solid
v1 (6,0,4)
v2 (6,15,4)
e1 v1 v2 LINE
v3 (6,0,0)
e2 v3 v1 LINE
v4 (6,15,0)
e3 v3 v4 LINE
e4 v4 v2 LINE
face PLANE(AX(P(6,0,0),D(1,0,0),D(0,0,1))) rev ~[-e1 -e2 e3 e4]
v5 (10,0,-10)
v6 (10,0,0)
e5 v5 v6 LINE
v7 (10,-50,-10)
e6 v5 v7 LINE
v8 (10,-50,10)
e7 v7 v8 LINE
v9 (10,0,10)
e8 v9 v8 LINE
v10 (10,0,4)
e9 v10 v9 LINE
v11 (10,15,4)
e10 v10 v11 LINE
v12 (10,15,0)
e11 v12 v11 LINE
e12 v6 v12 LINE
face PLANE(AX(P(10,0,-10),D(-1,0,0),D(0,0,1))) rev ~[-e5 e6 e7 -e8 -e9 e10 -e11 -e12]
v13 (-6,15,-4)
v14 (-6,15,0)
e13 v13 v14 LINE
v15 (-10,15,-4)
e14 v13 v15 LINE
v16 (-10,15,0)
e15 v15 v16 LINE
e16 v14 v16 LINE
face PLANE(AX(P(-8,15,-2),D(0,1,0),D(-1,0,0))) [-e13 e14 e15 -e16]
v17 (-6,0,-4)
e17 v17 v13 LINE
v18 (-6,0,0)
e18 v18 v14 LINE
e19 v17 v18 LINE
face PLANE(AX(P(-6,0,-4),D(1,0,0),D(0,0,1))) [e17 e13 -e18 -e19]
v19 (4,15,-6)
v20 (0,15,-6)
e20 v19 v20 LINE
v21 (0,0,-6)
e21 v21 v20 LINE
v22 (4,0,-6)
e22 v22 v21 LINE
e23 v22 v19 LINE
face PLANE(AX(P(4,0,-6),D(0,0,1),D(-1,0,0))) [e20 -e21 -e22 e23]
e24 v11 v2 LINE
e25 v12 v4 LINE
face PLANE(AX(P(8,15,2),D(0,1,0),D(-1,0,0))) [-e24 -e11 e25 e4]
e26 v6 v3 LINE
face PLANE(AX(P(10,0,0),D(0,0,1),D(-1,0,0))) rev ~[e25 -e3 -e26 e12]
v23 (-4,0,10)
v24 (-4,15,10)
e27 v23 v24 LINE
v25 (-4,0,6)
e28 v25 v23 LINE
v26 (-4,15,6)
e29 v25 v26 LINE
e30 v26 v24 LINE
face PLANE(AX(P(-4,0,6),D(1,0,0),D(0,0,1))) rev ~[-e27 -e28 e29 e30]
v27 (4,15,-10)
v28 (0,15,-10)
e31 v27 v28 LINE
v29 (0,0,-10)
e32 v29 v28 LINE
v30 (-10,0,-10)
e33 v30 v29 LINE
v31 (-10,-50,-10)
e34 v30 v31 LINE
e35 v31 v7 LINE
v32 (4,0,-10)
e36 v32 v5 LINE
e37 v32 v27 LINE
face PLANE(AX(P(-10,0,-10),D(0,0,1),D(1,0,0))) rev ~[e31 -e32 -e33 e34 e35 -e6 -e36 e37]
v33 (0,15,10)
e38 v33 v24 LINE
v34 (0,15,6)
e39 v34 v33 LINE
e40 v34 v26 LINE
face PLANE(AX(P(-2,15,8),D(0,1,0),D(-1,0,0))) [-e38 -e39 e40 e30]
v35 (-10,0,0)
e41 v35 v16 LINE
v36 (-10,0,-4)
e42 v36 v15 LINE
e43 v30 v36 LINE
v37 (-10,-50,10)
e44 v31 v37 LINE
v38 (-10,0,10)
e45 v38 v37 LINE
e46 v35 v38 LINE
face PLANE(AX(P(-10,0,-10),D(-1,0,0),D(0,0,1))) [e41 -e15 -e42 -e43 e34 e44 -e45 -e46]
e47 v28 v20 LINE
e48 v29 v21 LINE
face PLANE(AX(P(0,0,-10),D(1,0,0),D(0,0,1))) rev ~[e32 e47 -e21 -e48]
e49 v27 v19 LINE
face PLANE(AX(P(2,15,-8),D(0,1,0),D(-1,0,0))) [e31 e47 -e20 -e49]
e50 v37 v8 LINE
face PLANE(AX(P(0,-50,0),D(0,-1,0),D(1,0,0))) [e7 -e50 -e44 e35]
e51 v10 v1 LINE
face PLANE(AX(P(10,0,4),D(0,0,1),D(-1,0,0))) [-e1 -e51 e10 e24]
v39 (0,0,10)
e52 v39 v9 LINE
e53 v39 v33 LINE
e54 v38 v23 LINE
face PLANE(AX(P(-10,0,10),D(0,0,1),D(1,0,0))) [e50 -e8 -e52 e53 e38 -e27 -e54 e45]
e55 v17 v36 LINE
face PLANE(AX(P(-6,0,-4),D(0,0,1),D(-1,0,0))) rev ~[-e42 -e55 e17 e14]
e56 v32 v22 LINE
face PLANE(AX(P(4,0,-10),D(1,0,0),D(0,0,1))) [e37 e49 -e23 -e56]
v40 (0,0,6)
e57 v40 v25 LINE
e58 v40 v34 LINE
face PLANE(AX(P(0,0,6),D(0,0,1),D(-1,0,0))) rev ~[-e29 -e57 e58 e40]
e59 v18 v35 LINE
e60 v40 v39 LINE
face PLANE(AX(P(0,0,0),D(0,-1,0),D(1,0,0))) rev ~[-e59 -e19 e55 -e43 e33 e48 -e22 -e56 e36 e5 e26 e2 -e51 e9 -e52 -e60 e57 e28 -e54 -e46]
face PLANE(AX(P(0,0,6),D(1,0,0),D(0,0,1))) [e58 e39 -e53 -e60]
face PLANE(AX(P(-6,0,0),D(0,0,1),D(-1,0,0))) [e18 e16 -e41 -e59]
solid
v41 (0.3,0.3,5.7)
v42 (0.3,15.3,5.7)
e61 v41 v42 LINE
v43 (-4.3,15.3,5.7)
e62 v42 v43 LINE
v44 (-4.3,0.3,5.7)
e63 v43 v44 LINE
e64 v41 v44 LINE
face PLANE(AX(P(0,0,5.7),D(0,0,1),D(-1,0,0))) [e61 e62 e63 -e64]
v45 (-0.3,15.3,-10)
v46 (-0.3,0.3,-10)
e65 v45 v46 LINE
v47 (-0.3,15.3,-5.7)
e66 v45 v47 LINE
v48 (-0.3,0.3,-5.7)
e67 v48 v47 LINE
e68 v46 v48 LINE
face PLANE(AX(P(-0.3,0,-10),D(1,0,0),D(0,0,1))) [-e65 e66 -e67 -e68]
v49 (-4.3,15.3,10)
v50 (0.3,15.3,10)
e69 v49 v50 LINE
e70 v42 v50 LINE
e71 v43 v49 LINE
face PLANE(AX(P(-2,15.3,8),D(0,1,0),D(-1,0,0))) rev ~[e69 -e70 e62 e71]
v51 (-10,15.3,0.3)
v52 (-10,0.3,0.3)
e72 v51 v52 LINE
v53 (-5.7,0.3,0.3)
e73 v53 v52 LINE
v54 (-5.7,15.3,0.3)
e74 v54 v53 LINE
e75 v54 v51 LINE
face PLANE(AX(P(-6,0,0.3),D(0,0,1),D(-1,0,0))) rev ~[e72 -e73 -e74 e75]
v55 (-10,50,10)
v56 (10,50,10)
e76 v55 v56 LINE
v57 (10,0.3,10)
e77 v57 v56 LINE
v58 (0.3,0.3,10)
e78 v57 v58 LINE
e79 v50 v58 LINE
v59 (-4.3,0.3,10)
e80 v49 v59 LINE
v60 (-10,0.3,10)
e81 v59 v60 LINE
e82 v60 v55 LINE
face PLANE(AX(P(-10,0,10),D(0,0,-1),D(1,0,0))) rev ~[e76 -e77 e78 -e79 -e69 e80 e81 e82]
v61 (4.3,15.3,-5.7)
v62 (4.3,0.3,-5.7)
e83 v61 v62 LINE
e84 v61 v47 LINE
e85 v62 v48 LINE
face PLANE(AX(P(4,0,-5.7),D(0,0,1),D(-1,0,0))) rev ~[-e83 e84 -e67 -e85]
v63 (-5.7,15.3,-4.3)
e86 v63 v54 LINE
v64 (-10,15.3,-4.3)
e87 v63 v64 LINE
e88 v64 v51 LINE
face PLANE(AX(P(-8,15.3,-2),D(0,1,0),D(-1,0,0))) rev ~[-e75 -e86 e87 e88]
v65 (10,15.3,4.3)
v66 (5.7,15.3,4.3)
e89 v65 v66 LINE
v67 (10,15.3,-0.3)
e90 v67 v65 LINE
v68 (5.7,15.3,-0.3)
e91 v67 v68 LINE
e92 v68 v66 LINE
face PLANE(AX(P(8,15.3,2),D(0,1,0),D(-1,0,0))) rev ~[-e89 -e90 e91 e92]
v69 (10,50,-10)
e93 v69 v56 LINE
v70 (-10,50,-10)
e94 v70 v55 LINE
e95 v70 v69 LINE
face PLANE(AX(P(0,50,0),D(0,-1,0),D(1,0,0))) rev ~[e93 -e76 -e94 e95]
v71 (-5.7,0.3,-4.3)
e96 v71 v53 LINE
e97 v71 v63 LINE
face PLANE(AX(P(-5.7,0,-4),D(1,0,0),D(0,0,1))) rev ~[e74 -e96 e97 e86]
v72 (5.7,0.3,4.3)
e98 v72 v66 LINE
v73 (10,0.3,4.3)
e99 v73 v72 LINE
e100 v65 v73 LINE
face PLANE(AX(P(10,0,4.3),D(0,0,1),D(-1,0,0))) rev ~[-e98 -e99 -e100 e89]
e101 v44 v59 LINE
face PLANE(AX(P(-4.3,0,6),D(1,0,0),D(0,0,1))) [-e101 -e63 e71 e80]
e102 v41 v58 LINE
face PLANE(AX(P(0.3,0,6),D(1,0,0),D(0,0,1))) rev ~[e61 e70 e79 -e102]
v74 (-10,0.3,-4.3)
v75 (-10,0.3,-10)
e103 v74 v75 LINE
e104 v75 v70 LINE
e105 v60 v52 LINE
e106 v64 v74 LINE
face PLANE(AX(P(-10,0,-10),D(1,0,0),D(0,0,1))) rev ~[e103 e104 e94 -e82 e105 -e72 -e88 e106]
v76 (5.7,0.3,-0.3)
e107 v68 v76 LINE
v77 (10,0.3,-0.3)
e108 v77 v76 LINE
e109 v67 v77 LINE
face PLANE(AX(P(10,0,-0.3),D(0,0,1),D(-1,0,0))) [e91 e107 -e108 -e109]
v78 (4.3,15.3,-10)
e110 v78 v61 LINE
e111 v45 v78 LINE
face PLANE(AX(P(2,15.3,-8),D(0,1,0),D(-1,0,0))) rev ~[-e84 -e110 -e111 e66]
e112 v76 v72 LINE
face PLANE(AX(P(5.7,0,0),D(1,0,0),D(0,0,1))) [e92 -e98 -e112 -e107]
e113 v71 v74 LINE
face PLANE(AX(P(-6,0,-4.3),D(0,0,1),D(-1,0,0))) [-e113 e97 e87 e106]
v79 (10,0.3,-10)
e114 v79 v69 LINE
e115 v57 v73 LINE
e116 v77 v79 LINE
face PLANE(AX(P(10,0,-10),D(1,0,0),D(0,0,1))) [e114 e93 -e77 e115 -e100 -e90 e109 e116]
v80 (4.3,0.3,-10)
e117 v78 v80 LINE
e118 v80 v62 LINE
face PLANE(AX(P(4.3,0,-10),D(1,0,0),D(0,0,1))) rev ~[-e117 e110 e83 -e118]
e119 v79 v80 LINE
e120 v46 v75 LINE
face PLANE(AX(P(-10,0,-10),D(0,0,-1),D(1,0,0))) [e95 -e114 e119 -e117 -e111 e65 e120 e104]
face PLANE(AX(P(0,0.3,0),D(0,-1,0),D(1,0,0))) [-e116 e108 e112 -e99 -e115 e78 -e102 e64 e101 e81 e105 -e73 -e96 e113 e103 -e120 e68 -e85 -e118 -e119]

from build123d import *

# Parameters (mm, degrees)
F0_W      = 20
F0_H      = 20
F1_DEPTH  = 50
F2_W      = 4
F2_H      = 4
F3_DEPTH  = 15
F4_W      = 20
F4_H      = 20
F5_DEPTH  = 50
F6_OFFSET = 0.3


with BuildPart() as f1:
    # F0 (on Front) → F1 (new body)
    with BuildSketch(Plane.XZ):
        Rectangle(F0_W, F0_H)
    extrude(amount=F1_DEPTH)

    # F2 (on face) → F3 (join)
    with BuildSketch(Plane(origin=(0, 0, 0), x_dir=(-1, 0, 0), z_dir=(0, 1, 0))):
        with Locations((2, 8)):
            Rectangle(F2_W, F2_H)
        with Locations((-2, -8)):
            Rectangle(F2_W, F2_H)
        with Locations((8, -2)):
            Rectangle(F2_W, F2_H)
        with Locations((-8, 2)):
            Rectangle(F2_W, F2_H)
    extrude(amount=F3_DEPTH)


with BuildPart() as f5:
    # F4 (on Front) → F5 (new body)
    with BuildSketch(Plane.XZ):
        Rectangle(F4_W, F4_H)
    extrude(amount=-F5_DEPTH)

    # F6: cut F1, made larger all round first
    f6_tool = offset(f1.part, amount=F6_OFFSET, kind=Kind.INTERSECTION, mode=Mode.PRIVATE)
    add(f6_tool, mode=Mode.SUBTRACT)


solid = Compound([f1.part, f5.part])
